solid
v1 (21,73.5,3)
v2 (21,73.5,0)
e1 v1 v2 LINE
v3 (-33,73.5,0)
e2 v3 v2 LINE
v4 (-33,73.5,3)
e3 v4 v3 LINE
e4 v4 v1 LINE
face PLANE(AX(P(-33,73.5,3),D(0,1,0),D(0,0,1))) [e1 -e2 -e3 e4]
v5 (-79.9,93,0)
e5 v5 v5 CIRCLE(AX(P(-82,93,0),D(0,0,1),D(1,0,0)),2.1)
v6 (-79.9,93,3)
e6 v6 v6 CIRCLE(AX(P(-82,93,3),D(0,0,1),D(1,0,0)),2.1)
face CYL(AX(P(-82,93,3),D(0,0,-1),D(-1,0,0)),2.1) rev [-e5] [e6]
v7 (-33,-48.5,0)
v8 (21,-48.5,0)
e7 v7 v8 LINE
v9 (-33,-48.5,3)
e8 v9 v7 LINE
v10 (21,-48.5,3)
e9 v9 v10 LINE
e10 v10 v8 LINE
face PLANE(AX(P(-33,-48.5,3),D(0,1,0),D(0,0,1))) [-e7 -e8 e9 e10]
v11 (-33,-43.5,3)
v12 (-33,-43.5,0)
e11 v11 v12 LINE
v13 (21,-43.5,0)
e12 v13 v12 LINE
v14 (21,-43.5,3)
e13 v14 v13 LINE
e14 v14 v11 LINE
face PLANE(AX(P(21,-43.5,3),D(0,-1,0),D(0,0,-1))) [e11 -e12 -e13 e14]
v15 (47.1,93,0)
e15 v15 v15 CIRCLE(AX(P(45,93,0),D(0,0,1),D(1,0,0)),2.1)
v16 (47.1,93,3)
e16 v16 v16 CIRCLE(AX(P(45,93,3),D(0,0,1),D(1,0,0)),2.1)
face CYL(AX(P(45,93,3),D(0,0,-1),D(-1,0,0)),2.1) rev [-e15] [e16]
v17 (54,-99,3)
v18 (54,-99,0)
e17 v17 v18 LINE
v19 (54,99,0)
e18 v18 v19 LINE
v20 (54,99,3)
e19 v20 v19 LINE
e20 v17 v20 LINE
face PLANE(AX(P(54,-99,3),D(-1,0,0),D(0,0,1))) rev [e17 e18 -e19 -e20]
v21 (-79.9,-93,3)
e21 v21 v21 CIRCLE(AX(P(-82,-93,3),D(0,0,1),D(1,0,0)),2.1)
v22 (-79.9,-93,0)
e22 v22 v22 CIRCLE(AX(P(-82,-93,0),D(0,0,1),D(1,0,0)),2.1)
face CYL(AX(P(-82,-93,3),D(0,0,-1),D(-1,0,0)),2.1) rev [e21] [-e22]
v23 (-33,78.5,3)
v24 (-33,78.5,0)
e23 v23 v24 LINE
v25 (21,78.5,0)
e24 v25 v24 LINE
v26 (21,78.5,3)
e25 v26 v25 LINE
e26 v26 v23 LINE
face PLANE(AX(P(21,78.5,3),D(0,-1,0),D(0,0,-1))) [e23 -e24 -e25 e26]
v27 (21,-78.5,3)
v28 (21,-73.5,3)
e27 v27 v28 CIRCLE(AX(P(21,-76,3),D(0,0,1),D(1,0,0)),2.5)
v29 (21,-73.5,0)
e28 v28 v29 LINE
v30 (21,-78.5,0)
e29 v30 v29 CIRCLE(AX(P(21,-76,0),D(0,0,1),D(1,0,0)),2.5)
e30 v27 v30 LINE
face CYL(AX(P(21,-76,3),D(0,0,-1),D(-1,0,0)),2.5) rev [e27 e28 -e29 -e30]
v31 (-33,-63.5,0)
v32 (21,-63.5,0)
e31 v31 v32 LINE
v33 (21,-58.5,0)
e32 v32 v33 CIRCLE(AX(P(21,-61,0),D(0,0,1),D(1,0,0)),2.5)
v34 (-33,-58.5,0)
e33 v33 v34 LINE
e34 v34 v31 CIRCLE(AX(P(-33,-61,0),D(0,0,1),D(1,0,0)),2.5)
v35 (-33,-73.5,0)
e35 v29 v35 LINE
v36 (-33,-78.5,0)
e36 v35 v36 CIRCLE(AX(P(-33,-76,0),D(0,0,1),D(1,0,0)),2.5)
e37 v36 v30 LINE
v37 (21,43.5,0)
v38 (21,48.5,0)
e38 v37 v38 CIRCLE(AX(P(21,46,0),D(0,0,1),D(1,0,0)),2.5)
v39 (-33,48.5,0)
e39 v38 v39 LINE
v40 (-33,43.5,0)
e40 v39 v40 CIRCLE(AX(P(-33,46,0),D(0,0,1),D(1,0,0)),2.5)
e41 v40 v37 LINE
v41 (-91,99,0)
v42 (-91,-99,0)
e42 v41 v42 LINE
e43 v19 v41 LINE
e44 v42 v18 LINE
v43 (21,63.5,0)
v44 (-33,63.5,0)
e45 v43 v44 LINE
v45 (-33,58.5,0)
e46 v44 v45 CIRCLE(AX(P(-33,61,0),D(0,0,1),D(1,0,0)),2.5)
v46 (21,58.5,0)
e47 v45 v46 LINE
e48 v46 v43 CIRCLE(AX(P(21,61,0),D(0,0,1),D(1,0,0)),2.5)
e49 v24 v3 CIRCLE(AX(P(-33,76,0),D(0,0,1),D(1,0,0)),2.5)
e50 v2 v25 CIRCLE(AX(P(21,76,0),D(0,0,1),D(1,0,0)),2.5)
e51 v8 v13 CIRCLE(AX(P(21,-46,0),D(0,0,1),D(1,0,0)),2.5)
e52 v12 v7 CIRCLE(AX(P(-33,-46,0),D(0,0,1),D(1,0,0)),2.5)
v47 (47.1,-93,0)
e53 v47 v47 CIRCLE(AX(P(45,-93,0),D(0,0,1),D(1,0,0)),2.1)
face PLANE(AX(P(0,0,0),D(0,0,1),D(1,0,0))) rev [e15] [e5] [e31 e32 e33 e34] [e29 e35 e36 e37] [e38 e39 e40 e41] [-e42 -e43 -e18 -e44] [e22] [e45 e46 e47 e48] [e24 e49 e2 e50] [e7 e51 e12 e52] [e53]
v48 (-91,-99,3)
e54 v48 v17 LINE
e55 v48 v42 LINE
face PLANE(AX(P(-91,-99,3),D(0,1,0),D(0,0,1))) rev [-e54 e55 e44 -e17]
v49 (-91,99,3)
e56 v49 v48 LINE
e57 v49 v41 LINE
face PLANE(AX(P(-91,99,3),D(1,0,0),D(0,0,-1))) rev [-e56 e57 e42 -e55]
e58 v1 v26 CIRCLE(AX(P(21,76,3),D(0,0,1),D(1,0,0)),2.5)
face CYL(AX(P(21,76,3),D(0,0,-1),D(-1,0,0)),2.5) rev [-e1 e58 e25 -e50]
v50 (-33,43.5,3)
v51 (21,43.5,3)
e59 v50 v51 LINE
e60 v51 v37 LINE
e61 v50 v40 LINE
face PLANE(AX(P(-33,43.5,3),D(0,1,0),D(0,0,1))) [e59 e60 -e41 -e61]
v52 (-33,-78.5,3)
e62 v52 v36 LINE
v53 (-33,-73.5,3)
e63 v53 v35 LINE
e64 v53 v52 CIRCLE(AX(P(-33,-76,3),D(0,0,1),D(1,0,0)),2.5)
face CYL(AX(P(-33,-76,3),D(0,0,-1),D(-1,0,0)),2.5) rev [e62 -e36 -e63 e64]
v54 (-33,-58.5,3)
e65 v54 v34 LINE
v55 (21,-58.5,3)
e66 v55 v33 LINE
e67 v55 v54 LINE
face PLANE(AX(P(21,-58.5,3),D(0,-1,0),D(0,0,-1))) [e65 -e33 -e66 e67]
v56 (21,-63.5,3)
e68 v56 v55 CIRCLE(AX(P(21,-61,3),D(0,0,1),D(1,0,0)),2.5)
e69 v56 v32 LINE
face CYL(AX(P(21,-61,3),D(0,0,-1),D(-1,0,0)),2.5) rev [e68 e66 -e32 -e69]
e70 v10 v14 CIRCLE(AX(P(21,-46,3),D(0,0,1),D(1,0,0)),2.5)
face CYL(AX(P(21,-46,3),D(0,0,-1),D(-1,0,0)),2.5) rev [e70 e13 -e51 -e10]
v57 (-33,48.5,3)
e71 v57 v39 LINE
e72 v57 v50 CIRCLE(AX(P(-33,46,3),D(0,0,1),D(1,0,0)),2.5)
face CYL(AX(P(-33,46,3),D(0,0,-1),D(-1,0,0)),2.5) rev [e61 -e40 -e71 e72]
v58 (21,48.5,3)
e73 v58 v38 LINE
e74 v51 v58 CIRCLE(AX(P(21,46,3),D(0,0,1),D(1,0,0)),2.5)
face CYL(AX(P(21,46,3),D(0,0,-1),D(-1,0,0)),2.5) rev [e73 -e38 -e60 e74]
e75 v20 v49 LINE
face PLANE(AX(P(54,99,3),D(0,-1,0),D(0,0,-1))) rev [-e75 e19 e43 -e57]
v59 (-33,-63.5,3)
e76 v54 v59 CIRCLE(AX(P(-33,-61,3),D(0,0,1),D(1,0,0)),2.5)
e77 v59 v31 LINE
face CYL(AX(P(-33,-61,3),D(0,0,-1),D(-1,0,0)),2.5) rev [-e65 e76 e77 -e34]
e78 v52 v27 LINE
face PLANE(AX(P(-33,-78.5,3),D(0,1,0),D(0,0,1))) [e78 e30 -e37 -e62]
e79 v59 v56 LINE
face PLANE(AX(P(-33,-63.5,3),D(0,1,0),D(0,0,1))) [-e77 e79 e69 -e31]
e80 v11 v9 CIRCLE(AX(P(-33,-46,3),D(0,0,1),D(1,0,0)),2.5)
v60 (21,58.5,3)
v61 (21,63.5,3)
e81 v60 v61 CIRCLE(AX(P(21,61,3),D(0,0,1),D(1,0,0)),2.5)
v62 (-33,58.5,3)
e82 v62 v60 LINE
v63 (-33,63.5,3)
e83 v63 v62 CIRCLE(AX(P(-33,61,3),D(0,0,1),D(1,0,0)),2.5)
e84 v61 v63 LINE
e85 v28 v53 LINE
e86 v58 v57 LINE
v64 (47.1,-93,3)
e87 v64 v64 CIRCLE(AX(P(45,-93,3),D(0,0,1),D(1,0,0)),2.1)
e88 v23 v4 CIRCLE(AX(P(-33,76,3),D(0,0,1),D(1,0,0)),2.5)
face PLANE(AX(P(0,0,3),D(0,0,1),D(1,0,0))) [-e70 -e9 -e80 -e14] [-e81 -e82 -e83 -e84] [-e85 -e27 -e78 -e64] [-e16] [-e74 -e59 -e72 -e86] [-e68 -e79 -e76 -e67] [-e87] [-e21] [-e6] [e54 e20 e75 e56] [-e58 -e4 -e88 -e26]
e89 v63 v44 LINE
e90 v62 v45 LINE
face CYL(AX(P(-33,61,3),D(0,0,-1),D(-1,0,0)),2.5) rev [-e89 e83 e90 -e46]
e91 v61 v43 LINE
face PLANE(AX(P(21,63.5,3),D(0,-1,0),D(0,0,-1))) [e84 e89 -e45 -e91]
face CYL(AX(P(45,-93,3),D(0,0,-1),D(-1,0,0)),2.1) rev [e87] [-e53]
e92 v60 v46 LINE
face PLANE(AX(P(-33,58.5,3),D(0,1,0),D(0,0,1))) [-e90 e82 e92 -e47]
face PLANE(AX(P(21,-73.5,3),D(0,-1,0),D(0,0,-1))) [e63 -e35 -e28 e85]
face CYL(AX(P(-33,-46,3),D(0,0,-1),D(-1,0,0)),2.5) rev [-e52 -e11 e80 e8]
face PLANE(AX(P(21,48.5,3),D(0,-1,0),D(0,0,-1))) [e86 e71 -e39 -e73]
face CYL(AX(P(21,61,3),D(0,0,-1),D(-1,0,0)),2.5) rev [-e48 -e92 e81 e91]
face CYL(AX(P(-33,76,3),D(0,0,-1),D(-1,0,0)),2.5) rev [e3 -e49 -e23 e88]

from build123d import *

# Parameters (mm, degrees)
SERVICE_LID_VENTS_PROFILE_W = 145
SERVICE_LID_VENTS_PROFILE_H = 198
SERVICE_LID_VENTS_PROFILE_R = 2.1
SERVICE_LID_VENTS_DEPTH     = 3


with BuildPart() as part:
    # Service lid vents profile → Service lid vents (new body)
    with BuildSketch(Plane.XY):
        with Locations((-18.5, 0)):
            Rectangle(SERVICE_LID_VENTS_PROFILE_W, SERVICE_LID_VENTS_PROFILE_H)
        with Locations((-82, -93)):
            Circle(SERVICE_LID_VENTS_PROFILE_R, mode=Mode.SUBTRACT)
        with Locations((-82, 93)):
            Circle(SERVICE_LID_VENTS_PROFILE_R, mode=Mode.SUBTRACT)
        with Locations((45, -93)):
            Circle(SERVICE_LID_VENTS_PROFILE_R, mode=Mode.SUBTRACT)
        with Locations((45, 93)):
            Circle(SERVICE_LID_VENTS_PROFILE_R, mode=Mode.SUBTRACT)
        with BuildLine():
            Line((-33, -78.5), (21, -78.5))
            ThreePointArc((21, -78.5), (23.5, -76), (21, -73.5))
            Line((21, -73.5), (-33, -73.5))
            ThreePointArc((-33, -73.5), (-35.5, -76), (-33, -78.5))
        make_face(mode=Mode.SUBTRACT)
        with BuildLine():
            Line((-33, -63.5), (21, -63.5))
            ThreePointArc((21, -63.5), (23.5, -61), (21, -58.5))
            Line((21, -58.5), (-33, -58.5))
            ThreePointArc((-33, -58.5), (-35.5, -61), (-33, -63.5))
        make_face(mode=Mode.SUBTRACT)
        with BuildLine():
            Line((-33, -48.5), (21, -48.5))
            ThreePointArc((21, -48.5), (23.5, -46), (21, -43.5))
            Line((21, -43.5), (-33, -43.5))
            ThreePointArc((-33, -43.5), (-35.5, -46), (-33, -48.5))
        make_face(mode=Mode.SUBTRACT)
        with BuildLine():
            Line((-33, 43.5), (21, 43.5))
            ThreePointArc((21, 43.5), (23.5, 46), (21, 48.5))
            Line((21, 48.5), (-33, 48.5))
            ThreePointArc((-33, 48.5), (-35.5, 46), (-33, 43.5))
        make_face(mode=Mode.SUBTRACT)
        with BuildLine():
            Line((-33, 58.5), (21, 58.5))
            ThreePointArc((21, 58.5), (23.5, 61), (21, 63.5))
            Line((21, 63.5), (-33, 63.5))
            ThreePointArc((-33, 63.5), (-35.5, 61), (-33, 58.5))
        make_face(mode=Mode.SUBTRACT)
        with BuildLine():
            Line((-33, 73.5), (21, 73.5))
            ThreePointArc((21, 73.5), (23.5, 76), (21, 78.5))
            Line((21, 78.5), (-33, 78.5))
            ThreePointArc((-33, 78.5), (-35.5, 76), (-33, 73.5))
        make_face(mode=Mode.SUBTRACT)
    extrude(amount=SERVICE_LID_VENTS_DEPTH)


solid = part.part
